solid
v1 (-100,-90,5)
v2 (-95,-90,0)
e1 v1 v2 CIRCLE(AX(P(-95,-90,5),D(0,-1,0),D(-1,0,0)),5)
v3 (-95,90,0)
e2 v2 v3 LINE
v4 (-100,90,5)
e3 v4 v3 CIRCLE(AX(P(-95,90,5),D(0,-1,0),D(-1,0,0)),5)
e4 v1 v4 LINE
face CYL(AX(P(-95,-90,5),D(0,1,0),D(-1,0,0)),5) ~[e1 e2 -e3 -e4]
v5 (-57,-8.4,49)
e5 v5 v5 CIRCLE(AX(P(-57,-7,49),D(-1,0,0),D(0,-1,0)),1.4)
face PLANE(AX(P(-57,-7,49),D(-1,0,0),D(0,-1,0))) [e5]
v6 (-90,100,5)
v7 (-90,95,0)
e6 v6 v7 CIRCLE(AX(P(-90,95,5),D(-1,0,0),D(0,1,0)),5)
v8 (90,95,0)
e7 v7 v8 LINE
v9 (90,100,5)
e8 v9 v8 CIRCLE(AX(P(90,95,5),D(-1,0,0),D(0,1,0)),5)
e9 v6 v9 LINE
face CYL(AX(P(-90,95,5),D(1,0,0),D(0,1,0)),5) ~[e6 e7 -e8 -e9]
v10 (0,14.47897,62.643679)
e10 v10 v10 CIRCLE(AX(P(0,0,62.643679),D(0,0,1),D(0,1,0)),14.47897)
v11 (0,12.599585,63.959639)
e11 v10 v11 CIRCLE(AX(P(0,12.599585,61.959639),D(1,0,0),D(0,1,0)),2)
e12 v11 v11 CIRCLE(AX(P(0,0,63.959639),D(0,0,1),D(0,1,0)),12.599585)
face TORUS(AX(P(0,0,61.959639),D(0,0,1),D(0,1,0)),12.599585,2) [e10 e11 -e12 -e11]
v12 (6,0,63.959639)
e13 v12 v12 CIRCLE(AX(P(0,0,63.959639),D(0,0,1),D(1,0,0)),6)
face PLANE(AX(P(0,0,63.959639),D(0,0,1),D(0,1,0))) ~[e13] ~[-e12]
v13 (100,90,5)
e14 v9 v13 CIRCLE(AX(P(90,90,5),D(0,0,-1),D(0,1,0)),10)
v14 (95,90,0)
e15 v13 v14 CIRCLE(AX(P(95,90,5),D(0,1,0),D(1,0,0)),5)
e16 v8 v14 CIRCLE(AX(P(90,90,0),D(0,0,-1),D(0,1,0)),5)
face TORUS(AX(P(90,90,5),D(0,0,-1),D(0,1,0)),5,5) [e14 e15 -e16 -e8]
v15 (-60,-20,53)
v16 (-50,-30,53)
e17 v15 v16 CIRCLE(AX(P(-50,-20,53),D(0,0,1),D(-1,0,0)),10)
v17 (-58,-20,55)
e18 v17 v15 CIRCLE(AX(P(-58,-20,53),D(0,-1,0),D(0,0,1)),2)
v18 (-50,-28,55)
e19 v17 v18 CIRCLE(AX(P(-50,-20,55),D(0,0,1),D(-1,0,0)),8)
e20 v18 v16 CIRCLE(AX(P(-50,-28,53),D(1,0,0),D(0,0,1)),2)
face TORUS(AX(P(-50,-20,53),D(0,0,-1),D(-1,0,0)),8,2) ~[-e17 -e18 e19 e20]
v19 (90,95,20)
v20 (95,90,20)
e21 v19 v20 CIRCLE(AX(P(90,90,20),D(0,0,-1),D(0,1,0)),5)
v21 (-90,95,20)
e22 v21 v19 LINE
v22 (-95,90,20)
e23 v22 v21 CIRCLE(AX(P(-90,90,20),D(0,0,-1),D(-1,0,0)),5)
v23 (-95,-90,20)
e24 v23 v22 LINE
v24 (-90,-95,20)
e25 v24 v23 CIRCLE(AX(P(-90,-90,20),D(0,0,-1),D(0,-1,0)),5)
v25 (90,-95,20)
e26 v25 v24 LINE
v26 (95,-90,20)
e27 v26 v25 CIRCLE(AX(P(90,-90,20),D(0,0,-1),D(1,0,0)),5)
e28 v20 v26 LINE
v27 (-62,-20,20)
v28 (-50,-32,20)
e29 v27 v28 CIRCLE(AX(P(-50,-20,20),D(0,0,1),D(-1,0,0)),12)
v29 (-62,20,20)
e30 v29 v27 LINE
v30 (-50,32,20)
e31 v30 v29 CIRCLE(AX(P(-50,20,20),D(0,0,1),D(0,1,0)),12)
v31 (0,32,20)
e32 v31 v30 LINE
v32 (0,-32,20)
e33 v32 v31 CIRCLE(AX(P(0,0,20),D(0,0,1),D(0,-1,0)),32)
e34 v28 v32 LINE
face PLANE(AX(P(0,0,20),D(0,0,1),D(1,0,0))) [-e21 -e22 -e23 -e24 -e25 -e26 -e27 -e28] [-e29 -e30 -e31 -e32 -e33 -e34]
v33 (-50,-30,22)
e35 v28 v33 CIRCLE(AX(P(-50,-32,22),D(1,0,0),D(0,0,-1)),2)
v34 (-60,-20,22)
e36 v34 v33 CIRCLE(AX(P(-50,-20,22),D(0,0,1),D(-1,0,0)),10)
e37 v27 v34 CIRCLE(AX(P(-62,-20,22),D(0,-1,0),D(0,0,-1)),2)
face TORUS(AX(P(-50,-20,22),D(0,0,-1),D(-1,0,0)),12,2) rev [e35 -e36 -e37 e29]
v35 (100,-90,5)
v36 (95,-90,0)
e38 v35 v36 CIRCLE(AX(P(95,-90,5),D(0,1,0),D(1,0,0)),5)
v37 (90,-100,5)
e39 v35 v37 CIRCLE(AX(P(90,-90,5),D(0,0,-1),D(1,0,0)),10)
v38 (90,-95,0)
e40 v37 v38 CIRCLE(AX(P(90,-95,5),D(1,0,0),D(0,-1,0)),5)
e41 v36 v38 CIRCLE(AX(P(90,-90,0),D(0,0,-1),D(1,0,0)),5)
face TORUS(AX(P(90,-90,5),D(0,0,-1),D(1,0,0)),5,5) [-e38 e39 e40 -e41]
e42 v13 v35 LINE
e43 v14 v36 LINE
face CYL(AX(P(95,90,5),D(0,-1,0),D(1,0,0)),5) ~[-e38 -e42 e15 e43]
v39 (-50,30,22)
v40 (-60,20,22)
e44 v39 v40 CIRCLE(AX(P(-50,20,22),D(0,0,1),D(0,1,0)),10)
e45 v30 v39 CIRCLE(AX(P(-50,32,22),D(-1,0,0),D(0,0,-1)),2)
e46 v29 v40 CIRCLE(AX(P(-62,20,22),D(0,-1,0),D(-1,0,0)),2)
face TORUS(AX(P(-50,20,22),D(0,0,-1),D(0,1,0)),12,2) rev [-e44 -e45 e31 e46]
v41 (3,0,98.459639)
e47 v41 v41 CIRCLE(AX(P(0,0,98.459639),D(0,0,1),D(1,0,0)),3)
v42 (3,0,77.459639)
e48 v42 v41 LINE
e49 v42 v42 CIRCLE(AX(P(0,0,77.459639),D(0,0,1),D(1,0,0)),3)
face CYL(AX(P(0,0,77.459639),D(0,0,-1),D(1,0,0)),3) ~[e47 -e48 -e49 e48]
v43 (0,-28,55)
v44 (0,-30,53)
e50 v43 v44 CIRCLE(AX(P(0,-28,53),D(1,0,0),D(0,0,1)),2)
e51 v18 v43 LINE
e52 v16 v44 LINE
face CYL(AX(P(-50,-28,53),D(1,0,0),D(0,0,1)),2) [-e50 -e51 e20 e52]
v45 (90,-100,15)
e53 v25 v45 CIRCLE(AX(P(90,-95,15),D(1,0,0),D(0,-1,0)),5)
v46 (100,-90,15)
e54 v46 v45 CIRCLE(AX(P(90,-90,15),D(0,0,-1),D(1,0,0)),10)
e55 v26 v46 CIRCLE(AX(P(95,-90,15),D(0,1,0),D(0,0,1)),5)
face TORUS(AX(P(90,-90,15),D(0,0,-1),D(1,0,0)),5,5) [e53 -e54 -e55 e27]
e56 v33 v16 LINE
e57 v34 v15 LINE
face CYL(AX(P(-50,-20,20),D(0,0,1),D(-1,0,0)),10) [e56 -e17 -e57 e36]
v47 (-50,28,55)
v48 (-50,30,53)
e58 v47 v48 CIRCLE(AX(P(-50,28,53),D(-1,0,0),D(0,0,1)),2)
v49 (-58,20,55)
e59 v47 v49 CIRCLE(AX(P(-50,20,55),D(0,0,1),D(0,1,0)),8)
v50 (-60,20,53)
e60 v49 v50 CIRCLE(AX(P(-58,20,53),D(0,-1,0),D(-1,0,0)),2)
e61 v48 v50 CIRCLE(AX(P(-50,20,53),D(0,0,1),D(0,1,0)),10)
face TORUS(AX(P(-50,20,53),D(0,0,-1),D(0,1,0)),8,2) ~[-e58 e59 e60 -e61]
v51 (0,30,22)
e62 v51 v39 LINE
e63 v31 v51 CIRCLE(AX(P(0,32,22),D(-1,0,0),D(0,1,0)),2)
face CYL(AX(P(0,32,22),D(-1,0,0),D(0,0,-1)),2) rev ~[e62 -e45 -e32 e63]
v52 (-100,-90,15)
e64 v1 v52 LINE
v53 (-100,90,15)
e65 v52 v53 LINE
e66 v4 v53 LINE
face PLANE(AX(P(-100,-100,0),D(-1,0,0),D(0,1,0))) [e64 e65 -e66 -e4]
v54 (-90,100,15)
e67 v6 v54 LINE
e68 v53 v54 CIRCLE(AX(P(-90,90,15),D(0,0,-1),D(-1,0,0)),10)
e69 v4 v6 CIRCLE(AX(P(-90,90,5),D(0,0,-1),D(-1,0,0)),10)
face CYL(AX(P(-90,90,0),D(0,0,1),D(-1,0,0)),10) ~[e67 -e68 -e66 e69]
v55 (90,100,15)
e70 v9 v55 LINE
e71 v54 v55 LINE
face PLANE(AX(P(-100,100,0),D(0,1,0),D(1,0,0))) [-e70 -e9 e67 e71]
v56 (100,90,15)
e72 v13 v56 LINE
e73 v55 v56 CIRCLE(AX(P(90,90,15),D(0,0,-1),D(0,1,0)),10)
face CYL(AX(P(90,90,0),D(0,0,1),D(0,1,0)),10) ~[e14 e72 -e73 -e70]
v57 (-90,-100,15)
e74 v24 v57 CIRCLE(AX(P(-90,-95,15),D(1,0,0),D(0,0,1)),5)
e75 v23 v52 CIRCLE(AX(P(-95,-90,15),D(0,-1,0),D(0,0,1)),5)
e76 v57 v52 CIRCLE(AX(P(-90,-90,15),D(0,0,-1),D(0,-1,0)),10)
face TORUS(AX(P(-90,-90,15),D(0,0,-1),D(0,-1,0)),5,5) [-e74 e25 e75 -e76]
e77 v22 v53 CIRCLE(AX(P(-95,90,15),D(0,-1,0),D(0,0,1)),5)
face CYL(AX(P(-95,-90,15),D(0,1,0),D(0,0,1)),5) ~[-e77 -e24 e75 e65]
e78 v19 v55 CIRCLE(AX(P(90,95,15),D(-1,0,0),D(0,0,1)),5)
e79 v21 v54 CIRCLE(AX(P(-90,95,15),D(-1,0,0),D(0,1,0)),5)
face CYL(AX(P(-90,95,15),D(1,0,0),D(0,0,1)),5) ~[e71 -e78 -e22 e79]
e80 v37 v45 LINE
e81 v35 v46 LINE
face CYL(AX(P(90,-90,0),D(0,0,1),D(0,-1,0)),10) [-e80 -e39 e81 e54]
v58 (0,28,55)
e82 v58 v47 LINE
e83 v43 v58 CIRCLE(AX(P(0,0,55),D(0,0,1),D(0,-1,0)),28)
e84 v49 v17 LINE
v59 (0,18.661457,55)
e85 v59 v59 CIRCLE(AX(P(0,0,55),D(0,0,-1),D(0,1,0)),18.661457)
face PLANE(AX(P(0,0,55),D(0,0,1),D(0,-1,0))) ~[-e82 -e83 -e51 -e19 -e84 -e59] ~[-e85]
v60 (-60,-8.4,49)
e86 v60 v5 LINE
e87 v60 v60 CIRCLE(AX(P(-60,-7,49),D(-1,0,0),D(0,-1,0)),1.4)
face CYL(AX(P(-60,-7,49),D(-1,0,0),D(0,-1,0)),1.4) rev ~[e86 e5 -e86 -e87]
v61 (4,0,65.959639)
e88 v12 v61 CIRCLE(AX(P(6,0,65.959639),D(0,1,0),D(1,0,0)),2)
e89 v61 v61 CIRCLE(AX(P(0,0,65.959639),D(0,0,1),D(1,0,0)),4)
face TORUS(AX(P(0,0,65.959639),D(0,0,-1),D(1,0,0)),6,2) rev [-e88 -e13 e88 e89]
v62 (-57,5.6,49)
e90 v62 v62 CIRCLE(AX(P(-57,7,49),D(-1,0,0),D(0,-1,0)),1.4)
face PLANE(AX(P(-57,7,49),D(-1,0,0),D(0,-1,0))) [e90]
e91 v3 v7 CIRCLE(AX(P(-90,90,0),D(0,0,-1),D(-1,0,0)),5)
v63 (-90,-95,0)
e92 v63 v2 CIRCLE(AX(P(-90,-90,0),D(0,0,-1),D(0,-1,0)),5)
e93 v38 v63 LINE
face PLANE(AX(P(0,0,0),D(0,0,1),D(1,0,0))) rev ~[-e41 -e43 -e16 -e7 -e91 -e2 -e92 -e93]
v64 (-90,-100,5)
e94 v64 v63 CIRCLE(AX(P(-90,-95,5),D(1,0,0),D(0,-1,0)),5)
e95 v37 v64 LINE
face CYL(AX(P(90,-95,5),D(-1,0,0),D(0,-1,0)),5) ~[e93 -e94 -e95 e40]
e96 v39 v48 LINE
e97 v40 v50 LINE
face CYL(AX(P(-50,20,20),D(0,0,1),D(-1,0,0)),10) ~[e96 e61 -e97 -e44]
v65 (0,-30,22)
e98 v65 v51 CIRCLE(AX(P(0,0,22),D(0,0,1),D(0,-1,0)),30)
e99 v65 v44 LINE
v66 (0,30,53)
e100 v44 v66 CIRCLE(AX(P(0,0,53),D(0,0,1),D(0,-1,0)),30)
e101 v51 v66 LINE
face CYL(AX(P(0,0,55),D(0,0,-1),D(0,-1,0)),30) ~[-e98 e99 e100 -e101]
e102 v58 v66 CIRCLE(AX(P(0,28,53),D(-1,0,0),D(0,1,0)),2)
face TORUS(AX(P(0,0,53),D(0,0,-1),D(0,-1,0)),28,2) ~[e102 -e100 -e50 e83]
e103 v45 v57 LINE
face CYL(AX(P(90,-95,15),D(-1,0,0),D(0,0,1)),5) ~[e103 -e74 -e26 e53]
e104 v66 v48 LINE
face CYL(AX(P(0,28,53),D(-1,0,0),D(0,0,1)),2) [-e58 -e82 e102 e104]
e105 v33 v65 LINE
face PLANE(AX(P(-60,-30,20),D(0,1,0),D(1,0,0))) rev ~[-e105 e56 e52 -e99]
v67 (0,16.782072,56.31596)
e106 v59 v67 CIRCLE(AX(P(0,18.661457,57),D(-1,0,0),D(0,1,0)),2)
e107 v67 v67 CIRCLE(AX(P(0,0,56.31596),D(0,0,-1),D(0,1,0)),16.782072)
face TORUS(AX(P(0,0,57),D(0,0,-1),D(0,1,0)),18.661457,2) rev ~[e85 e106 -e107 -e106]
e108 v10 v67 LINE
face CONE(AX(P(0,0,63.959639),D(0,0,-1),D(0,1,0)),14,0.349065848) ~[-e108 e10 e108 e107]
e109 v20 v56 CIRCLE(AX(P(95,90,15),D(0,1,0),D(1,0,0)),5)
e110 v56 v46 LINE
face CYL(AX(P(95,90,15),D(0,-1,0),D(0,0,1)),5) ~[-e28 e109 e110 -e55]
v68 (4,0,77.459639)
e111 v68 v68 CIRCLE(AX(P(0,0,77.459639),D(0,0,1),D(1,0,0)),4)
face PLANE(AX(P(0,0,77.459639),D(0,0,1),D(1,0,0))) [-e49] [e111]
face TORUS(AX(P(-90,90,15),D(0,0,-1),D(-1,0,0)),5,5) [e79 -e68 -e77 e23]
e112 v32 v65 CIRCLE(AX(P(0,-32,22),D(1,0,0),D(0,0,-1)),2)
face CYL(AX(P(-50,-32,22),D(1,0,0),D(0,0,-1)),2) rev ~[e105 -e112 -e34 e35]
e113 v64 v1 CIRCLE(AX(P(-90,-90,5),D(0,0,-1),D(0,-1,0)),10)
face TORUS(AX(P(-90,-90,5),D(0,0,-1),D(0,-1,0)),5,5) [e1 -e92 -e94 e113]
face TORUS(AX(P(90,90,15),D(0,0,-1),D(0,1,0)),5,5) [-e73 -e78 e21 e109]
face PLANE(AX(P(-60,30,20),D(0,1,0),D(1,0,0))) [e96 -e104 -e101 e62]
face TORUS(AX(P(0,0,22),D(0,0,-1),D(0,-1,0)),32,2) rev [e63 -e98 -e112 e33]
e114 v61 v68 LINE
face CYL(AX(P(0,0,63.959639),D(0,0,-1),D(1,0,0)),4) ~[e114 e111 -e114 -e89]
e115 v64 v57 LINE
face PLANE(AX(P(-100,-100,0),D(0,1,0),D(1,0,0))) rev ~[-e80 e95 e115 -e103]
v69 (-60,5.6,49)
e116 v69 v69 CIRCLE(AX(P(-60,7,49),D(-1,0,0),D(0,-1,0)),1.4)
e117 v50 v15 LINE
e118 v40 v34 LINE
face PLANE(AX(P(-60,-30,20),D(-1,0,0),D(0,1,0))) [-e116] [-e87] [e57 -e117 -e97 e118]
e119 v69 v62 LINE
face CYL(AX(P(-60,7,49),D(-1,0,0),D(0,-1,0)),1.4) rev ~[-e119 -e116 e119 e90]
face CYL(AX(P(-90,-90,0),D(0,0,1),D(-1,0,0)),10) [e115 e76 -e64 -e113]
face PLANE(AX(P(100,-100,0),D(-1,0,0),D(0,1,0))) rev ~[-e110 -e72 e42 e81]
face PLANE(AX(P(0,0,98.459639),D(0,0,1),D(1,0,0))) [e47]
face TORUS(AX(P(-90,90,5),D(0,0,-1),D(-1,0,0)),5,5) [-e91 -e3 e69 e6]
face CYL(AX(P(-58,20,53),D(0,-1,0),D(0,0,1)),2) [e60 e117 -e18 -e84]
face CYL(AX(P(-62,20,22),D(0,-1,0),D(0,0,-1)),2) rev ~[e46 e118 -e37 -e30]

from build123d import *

# Parameters (mm, degrees)
SKETCH_W     = 200
SKETCH_H     = 200
PAD_DEPTH    = 20
SKETCH002_W  = 60
SKETCH002_H  = 60
PAD001_DEPTH = 35
SKETCH003_R  = 4
PAD002_DEPTH = 13.5
SKETCH004_R  = 3
PAD003_DEPTH = 21
SKETCH005_R  = 1.4
POCKET_DEPTH = 3
FILLET_R     = 10
FILLET001_R  = 5
FILLET002_R  = 2
FILLET003_R  = 2


with BuildPart() as part:
    # Sketch → Pad (new body)
    with BuildSketch(Plane.XY):
        Rectangle(SKETCH_W, SKETCH_H)
    extrude(amount=PAD_DEPTH)

    # Sketch001 → Revolution (revolve)
    with BuildSketch(Plane.YZ):
        Polygon((0, 20), (0, 63.959639), (14, 63.959639), (30, 20), align=None)
    revolve(axis=Axis((0, 0, 0), (0, 0, 1)))

    # Sketch002 (on Face3 of Revolution) → Pad001 (join)
    with BuildSketch(Plane.XY.offset(20)):
        with Locations((-30, 0)):
            Rectangle(SKETCH002_W, SKETCH002_H)
    extrude(amount=PAD001_DEPTH)

    # Sketch003 (on Face1 of Pad001) → Pad002 (join)
    with BuildSketch(Plane.XY.offset(63.959639)):
        Circle(SKETCH003_R)
    extrude(amount=PAD002_DEPTH)

    # Sketch004 (on Face8 of Pad002) → Pad003 (join)
    with BuildSketch(Plane.XY.offset(77.459639)):
        Circle(SKETCH004_R)
    extrude(amount=PAD003_DEPTH)

    # Sketch005 (on Face14 of Pad003) → Pocket (cut)
    with BuildSketch(Plane(origin=(-60, 0, 0), x_dir=(0, -1, 0), z_dir=(-1, 0, 0))):
        with Locations((-7, 49)):
            Circle(SKETCH005_R)
        with Locations((7, 49)):
            Circle(SKETCH005_R)
    extrude(amount=-POCKET_DEPTH, mode=Mode.SUBTRACT)

    # Fillet
    fillet_edges = [part.edges().sort_by_distance(p)[0] for p in [
        (-100, -100, 10),
        (100, -100, 10),
        (100, 100, 10),
        (-100, 100, 10),
        (-60, -30, 37.5),
        (-60, 30, 37.5),
    ]]
    fillet(fillet_edges, radius=FILLET_R)

    # Fillet001
    fillet001_edges = [part.edges().sort_by_distance(p)[0] for p in [
        (-100, 0, 20),
        (-100, 0, 0),
    ]]
    fillet(fillet001_edges, radius=FILLET001_R)

    # Sketch006 (on Face27 of Fillet001) → Revolution001 (revolve)
    with BuildSketch(Plane.YZ):
        Polygon((-30, 55), (-30, 20), (-17.261042, 55), align=None)
    revolve(axis=Axis((0, 0, 0), (0, 0, 1)))

    # Fillet002
    fillet002_edges = [part.edges().sort_by_distance(p)[0] for p in [
        (-25, -30, 20),
        (-25, -30, 55),
        (17.261042, 0, 55),
        (0, -14, 63.959639),
    ]]
    fillet(fillet002_edges, radius=FILLET002_R)

    # Fillet003
    fillet003_edges = [part.edges().sort_by_distance(p)[0] for p in [
        (-4, 0, 63.959639),
    ]]
    fillet(fillet003_edges, radius=FILLET003_R)


solid = part.part
